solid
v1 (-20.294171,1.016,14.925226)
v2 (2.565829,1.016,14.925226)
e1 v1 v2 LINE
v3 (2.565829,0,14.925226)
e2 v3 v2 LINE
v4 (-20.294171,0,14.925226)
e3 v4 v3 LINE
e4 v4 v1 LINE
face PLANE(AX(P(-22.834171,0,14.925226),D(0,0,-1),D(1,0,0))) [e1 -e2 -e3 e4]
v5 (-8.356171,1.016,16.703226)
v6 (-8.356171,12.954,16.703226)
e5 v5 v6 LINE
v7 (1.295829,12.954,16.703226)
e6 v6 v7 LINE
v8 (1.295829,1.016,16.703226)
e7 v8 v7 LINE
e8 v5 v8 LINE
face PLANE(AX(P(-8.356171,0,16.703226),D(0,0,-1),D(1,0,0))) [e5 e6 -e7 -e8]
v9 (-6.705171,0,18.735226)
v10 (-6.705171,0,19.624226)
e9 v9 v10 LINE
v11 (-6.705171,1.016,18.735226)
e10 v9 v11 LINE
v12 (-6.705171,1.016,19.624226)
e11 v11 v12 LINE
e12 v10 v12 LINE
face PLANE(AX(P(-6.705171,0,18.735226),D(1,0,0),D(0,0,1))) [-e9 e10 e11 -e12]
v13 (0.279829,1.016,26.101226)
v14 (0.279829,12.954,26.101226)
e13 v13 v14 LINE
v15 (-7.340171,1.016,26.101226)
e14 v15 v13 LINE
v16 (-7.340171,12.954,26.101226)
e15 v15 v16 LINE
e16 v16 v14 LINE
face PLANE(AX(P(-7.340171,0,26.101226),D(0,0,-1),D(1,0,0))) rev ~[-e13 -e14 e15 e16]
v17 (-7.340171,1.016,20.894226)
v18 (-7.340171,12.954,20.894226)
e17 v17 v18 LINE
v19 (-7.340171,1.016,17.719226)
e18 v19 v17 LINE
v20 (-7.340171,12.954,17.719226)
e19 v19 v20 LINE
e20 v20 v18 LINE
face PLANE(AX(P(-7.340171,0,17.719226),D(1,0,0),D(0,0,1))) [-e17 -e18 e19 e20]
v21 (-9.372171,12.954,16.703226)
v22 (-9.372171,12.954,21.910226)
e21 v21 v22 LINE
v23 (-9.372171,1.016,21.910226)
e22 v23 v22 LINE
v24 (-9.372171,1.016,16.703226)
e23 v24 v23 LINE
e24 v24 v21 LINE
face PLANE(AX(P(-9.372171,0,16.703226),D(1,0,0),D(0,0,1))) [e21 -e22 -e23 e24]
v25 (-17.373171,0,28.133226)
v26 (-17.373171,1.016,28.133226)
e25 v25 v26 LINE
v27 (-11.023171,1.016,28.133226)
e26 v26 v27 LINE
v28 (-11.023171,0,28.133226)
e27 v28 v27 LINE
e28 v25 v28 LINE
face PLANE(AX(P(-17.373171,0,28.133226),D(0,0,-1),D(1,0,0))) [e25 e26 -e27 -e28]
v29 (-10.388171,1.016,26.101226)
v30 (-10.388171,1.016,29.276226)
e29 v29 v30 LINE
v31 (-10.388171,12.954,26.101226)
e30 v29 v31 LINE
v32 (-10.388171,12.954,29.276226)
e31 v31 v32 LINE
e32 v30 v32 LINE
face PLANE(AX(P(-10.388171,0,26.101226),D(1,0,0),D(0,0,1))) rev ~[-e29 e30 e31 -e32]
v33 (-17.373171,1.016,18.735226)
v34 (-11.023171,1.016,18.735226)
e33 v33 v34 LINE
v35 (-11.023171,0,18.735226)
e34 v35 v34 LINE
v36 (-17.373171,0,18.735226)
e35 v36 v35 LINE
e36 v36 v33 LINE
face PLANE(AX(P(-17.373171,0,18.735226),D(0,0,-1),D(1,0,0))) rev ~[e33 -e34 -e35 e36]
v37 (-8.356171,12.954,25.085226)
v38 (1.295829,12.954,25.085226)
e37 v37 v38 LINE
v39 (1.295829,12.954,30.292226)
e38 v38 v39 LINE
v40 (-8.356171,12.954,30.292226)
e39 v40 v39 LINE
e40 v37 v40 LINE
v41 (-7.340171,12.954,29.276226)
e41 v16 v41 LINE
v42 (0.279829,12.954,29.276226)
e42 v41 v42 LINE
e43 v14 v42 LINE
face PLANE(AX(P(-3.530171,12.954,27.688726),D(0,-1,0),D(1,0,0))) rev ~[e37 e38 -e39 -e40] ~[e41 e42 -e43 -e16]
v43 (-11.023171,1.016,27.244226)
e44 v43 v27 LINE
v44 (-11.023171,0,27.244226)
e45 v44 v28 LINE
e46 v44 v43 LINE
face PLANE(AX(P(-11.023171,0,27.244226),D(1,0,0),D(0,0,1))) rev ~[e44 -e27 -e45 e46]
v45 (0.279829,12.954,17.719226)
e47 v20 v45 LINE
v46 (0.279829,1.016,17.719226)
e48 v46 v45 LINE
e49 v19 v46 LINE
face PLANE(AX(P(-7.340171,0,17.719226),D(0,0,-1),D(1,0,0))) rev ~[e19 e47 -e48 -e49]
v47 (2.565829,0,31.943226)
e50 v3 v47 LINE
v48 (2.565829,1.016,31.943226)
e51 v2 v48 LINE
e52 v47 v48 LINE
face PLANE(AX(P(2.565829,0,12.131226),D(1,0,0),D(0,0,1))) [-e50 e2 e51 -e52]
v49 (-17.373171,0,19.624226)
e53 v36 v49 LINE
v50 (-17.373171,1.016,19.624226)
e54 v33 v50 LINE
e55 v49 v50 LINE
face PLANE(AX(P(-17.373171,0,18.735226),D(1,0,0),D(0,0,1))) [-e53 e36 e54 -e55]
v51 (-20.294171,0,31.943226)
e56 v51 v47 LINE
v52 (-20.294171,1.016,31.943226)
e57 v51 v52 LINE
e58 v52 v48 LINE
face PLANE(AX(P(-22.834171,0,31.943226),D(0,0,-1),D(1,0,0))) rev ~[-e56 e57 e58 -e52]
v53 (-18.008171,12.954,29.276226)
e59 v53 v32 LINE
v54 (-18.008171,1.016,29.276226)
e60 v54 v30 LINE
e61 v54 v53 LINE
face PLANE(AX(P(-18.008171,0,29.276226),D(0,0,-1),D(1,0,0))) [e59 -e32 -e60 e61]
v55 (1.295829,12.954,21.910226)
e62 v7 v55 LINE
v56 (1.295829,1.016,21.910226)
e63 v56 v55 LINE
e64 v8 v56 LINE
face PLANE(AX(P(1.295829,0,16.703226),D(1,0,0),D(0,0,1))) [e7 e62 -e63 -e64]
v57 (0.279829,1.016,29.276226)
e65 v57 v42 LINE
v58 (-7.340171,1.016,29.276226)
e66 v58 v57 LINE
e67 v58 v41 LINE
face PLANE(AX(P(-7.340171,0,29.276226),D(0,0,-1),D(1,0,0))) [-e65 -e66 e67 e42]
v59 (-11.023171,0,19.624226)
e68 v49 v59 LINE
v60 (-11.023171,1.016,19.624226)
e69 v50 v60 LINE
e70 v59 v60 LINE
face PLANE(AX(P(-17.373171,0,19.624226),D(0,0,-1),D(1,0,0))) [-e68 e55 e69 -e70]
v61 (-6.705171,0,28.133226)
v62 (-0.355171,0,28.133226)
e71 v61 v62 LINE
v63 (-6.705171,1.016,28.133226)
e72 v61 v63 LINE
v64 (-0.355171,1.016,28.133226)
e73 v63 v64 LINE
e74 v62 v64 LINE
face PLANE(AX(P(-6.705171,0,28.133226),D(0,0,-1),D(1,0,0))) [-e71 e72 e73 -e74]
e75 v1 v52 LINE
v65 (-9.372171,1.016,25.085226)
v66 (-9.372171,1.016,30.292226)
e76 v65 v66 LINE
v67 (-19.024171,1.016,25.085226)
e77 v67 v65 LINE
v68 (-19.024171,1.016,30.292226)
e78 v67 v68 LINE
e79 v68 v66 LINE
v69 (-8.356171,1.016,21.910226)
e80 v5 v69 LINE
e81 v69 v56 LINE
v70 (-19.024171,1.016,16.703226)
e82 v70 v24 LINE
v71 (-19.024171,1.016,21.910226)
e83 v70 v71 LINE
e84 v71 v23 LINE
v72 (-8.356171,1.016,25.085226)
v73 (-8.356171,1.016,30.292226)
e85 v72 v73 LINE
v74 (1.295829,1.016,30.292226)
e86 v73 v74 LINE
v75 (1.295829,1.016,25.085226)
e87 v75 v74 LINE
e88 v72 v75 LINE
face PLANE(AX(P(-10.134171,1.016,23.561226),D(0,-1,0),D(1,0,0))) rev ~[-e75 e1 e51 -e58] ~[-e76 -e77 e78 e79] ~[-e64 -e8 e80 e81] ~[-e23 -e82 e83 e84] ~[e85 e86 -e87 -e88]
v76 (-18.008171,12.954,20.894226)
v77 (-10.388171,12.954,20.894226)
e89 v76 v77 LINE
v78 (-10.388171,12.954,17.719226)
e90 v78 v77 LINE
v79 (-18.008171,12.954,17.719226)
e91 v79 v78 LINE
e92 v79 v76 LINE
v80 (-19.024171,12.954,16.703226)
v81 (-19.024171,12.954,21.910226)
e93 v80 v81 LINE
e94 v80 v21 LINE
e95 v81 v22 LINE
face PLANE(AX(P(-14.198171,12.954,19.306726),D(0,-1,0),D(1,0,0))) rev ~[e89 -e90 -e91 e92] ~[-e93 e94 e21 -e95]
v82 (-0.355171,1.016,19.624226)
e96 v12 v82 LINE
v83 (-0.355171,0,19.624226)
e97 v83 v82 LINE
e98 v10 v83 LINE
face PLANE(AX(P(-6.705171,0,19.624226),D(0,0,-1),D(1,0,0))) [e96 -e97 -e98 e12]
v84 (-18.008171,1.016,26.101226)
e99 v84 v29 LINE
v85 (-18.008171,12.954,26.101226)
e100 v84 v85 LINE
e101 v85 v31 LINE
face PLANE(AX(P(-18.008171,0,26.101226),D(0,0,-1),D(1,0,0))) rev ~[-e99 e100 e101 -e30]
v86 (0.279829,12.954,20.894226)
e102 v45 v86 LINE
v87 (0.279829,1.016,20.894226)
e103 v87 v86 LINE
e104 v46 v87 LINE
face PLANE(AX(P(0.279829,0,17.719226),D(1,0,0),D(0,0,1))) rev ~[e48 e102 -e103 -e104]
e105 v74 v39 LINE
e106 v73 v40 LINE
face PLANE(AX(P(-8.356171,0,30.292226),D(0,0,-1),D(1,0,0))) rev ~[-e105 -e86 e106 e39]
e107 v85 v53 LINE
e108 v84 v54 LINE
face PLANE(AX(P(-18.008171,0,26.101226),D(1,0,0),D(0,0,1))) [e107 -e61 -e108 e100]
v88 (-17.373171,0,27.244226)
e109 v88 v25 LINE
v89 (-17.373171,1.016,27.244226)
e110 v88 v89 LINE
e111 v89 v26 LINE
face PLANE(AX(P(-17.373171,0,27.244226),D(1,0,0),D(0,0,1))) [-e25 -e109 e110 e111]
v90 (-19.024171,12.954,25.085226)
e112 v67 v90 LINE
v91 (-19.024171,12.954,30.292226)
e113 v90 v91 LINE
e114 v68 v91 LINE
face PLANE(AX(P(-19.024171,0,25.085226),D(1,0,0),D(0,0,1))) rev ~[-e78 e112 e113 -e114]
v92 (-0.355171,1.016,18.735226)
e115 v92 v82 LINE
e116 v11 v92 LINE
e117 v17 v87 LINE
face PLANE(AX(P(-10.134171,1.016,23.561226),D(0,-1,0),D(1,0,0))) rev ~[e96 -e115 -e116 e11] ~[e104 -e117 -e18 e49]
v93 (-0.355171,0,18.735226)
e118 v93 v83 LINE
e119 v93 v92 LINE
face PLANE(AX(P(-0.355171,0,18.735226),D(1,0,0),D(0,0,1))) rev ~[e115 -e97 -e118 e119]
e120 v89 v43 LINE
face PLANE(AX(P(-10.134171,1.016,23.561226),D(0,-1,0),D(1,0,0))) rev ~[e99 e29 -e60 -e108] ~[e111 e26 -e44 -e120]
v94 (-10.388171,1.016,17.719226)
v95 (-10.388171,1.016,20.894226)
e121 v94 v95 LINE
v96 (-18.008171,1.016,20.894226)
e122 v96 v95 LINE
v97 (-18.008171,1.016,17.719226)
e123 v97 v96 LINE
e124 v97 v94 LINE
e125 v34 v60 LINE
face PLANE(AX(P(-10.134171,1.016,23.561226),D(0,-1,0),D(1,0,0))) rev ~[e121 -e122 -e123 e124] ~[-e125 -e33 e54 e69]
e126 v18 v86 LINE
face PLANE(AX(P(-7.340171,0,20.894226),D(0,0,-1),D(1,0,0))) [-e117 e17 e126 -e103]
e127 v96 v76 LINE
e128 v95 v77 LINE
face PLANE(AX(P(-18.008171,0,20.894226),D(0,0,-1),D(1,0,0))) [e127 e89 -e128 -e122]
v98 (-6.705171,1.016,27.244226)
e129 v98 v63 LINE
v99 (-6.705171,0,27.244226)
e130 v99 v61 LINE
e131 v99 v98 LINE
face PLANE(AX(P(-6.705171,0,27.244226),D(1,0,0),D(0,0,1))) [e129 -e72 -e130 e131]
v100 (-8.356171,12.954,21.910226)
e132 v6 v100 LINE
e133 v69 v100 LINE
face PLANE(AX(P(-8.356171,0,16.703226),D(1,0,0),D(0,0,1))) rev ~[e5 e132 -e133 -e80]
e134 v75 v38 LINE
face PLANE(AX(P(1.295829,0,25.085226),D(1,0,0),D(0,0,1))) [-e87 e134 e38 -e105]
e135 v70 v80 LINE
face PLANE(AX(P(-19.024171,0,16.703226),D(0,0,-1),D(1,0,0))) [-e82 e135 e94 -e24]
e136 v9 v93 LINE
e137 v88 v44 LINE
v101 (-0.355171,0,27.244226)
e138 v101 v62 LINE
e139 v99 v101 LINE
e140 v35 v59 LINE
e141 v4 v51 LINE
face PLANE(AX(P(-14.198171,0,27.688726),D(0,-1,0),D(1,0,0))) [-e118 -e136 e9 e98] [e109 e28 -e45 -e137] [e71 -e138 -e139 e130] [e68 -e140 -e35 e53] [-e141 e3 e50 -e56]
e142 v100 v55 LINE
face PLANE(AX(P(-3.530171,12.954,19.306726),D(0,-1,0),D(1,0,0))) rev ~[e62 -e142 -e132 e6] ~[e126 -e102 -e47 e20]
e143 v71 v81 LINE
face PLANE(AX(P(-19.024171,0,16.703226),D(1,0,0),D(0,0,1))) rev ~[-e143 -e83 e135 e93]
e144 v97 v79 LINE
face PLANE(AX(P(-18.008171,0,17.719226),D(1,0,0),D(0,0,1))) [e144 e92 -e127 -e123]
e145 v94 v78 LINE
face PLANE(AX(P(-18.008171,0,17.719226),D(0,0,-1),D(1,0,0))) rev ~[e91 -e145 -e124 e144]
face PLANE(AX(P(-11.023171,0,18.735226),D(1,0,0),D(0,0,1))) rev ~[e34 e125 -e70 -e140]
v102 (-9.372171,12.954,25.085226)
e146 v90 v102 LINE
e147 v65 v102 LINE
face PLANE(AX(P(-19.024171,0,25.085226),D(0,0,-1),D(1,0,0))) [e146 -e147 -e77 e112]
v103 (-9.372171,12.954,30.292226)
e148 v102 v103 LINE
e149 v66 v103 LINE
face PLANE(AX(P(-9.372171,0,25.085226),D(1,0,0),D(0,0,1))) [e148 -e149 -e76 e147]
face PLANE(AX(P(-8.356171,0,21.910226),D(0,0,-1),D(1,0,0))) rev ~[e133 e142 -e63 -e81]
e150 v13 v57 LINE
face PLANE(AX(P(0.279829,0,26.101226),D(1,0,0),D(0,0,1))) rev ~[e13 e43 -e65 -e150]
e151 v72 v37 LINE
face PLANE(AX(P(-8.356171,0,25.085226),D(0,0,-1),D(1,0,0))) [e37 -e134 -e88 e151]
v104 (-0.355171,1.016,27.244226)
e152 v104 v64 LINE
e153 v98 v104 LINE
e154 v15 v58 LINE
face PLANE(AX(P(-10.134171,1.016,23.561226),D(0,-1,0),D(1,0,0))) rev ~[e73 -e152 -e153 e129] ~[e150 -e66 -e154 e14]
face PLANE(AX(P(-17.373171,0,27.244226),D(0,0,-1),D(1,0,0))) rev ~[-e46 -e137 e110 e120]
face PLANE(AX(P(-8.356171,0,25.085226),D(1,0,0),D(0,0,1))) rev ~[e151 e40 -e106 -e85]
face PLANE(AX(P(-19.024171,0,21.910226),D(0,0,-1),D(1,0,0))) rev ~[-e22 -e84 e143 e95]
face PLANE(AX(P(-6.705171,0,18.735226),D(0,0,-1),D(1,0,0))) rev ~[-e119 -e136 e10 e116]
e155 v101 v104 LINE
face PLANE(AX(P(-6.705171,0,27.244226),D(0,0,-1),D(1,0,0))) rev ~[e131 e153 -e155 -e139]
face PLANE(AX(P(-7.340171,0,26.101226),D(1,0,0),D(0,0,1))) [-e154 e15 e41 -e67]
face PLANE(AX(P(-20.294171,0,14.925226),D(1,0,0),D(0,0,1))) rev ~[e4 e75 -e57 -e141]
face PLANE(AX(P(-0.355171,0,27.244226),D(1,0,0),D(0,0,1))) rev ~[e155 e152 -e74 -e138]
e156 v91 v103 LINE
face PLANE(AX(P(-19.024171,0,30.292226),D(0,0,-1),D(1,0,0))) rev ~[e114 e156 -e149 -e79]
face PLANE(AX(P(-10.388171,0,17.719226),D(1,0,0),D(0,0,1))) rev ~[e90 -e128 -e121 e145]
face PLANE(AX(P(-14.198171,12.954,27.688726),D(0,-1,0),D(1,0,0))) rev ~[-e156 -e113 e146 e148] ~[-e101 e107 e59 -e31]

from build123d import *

# Parameters (mm, degrees)
F0_W     = 25.4
F0_H     = 22.86
F1_DEPTH = 1.016
F2_W     = 6.35
F2_H     = 0.889
F3_DEPTH = 25.4
F4_W     = 9.652
F4_H     = 5.207
F4_W_2   = 7.62
F4_H_2   = 3.175
F5_DEPTH = 12.954
F6_W     = 25.4
F6_H     = 2.794
F6_H_2   = 3.048
F7_DEPTH = 12.955
F8_W     = 2.54
F8_H     = 17.018
F9_DEPTH = 25.4


with BuildPart() as f1:
    # F0 (on Front) → F1 (new body)
    with BuildSketch(Plane.XZ):
        with Locations((-10.134171, 23.561226)):
            Rectangle(F0_W, F0_H)
    extrude(amount=-F1_DEPTH)

    # F2 (on face) → F3 (cut)
    with BuildSketch(Plane.XZ):
        with Locations((-14.198171, 27.688726)):
            Rectangle(F2_W, F2_H)
        with Locations((-3.530171, 27.688726)):
            Rectangle(F2_W, F2_H)
        with Locations((-14.198171, 19.179726)):
            Rectangle(F2_W, F2_H)
        with Locations((-3.530171, 19.179726)):
            Rectangle(F2_W, F2_H)
    extrude(amount=-F3_DEPTH, mode=Mode.SUBTRACT)

    # F4 (on face) → F5 (join)
    with BuildSketch(Plane.XZ):
        with Locations((-14.198171, 27.688726)):
            Rectangle(F4_W, F4_H)
        with Locations((-14.198171, 27.688726)):
            Rectangle(F4_W_2, F4_H_2, mode=Mode.SUBTRACT)
        with Locations((-3.530171, 27.688726)):
            Rectangle(F4_W, F4_H)
        with Locations((-3.530171, 27.688726)):
            Rectangle(F4_W_2, F4_H_2, mode=Mode.SUBTRACT)
        with Locations((-14.198171, 19.306726)):
            Rectangle(F4_W, F4_H)
        with Locations((-14.198171, 19.306726)):
            Rectangle(F4_W_2, F4_H_2, mode=Mode.SUBTRACT)
        with Locations((-3.530171, 19.306726)):
            Rectangle(F4_W, F4_H)
        with Locations((-3.530171, 19.306726)):
            Rectangle(F4_W_2, F4_H_2, mode=Mode.SUBTRACT)
    extrude(amount=-F5_DEPTH)

    # F6 (on face) → F7 (cut, through all)
    with BuildSketch(Plane.XZ):
        with Locations((-10.134171, 13.528226)):
            Rectangle(F6_W, F6_H)
        with Locations((-10.134171, 33.467226)):
            Rectangle(F6_W, F6_H_2)
    extrude(amount=-F7_DEPTH, mode=Mode.SUBTRACT)

    # F8 (on face) → F9 (cut)
    with BuildSketch(Plane.XZ):
        with Locations((-21.564171, 23.434226)):
            Rectangle(F8_W, F8_H)
    extrude(amount=-F9_DEPTH, mode=Mode.SUBTRACT)


solid = f1.part
